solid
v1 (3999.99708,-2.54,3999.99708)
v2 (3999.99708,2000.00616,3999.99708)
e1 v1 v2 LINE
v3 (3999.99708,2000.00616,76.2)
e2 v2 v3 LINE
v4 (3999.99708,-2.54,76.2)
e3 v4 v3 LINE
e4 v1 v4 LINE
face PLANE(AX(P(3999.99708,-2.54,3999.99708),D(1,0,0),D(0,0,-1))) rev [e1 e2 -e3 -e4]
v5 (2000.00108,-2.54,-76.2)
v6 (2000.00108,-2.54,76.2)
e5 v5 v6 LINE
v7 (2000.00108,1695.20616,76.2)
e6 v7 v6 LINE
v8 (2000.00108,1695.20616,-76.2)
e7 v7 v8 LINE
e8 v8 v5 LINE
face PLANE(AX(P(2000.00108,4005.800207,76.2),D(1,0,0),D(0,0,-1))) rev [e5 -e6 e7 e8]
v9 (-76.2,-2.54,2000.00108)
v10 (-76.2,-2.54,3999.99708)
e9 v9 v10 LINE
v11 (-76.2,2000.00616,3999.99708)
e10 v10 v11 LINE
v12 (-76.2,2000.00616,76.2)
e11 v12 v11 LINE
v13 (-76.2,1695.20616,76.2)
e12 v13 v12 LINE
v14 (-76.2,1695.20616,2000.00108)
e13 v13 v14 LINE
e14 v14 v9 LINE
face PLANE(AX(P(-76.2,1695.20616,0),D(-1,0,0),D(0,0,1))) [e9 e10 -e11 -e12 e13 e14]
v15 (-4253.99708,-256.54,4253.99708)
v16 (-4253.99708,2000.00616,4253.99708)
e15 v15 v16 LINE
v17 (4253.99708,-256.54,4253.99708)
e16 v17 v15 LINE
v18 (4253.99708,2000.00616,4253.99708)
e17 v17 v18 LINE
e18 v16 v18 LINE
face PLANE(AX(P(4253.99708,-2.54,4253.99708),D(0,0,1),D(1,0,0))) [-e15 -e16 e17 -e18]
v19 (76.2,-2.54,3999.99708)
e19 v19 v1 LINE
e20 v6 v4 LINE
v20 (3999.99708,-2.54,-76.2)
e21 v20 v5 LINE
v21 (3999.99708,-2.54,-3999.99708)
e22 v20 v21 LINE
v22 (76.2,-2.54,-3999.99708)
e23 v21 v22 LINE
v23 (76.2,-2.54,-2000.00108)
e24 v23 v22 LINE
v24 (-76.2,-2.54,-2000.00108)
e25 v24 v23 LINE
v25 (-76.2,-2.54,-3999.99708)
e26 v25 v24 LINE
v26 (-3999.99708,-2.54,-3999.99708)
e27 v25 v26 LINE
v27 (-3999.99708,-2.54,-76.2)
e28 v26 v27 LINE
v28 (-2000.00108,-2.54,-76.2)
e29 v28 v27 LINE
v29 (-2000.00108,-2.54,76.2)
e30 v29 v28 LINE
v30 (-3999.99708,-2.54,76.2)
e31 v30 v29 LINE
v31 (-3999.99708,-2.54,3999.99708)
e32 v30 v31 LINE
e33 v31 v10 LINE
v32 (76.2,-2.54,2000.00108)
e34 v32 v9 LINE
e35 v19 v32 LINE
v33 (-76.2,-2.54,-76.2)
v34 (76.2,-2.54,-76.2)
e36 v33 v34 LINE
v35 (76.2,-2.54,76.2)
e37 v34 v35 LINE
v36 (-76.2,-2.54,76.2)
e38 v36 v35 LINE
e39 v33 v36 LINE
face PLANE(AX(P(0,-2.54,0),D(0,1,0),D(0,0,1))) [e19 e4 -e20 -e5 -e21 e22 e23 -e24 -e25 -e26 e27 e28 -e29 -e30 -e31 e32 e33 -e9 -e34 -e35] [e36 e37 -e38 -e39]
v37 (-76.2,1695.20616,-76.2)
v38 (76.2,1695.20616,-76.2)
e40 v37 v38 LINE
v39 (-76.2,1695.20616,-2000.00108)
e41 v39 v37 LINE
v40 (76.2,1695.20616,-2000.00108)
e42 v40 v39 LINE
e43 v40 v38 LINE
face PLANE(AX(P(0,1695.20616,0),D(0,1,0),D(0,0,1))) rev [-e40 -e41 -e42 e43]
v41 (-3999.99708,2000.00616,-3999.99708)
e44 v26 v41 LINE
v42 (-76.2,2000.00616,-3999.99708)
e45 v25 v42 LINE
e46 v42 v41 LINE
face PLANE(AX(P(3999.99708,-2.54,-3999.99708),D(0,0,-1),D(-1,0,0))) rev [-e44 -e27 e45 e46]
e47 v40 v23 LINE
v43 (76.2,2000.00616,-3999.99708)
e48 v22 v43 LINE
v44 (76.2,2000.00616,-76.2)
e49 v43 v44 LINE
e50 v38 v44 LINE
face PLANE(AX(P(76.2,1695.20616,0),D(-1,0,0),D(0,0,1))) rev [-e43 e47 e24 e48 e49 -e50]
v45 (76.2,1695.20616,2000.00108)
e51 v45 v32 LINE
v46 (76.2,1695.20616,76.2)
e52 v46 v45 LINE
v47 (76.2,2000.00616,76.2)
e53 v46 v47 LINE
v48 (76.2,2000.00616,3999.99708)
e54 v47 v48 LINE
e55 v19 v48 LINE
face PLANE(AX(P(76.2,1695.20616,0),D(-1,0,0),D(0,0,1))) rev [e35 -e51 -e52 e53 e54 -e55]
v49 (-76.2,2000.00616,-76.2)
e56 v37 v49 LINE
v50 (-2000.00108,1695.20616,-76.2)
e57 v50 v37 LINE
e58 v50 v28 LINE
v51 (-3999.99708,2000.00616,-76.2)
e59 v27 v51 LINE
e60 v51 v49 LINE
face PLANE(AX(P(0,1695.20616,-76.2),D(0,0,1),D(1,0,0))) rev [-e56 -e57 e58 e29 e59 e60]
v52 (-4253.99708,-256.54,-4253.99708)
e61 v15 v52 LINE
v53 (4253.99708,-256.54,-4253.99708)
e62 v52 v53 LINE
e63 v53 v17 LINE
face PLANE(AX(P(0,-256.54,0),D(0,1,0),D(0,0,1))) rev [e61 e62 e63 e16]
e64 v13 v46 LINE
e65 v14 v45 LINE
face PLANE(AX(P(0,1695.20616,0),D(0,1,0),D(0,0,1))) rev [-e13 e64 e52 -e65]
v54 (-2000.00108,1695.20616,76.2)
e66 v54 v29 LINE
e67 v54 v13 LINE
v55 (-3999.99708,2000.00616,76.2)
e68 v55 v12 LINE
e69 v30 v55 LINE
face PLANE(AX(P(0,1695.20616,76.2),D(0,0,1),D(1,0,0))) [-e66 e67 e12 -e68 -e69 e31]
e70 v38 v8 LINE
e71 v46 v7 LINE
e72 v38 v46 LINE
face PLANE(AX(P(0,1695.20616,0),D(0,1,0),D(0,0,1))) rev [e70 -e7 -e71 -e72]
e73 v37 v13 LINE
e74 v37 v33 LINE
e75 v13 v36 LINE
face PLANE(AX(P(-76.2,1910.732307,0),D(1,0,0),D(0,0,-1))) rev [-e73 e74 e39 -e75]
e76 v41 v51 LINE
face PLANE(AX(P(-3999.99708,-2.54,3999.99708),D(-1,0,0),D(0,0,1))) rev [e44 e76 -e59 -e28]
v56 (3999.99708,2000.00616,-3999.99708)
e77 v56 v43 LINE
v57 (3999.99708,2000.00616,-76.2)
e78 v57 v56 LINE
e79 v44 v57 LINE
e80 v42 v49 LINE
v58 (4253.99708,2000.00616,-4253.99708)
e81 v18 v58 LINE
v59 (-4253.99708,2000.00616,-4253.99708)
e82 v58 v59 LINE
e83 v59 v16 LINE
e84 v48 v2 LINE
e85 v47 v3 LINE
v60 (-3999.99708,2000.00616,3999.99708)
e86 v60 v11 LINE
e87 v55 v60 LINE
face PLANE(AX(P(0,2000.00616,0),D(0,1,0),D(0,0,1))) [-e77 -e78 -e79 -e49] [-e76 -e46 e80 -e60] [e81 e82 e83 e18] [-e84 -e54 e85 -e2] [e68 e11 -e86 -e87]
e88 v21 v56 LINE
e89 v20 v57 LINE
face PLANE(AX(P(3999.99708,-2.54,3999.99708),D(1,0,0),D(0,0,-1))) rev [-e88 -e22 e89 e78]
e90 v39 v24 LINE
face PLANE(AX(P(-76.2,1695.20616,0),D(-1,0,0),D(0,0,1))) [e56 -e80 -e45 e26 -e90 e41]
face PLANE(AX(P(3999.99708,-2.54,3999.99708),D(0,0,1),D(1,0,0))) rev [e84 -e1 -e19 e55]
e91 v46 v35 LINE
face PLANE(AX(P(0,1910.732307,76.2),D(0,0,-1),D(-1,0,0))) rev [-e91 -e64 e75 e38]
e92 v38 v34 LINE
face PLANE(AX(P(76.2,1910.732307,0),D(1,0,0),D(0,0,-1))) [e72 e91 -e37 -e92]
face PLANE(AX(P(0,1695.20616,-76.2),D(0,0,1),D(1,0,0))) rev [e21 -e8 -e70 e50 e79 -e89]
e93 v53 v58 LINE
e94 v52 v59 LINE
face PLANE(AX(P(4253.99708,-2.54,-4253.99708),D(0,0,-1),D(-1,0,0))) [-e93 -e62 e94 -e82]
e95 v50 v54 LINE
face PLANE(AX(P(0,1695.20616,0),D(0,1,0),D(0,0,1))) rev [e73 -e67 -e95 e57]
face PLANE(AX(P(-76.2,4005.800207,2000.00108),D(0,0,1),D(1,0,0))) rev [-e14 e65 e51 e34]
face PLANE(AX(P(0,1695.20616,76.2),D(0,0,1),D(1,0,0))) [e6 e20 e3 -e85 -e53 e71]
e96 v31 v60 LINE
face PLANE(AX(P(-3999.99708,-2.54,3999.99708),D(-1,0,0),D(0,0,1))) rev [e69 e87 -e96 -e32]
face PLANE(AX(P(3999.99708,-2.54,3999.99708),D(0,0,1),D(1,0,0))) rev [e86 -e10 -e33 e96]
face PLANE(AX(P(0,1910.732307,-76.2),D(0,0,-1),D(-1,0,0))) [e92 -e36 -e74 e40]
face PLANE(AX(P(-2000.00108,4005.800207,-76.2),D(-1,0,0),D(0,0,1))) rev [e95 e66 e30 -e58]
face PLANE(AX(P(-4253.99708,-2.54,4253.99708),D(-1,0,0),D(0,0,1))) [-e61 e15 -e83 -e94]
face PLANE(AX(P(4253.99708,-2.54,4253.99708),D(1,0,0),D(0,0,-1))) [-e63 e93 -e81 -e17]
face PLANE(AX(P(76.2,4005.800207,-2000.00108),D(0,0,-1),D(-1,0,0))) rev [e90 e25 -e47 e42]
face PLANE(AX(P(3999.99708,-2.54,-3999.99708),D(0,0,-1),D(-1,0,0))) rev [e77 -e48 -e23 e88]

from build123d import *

# Parameters (mm, degrees)
BOSS_EXTRUDE1_DEPTH      = 2000.00616
BOSS_EXTRUDE1_DEPTH_BACK = 2.54
SKETCH2_W                = 8507.99416
SKETCH2_H                = 8507.99416
SKETCH2_W_2              = 7999.99416
SKETCH2_H_2              = 7999.99416
SKETCH4_W                = 8507.99416
SKETCH4_H                = 8507.99416
BOSS_EXTRUDE2_DEPTH      = 254
SKETCH8_W                = 3923.79708
SKETCH8_H                = 76.2
SKETCH8_W_2              = 76.2
SKETCH8_H_2              = 3923.79708
BOSS_EXTRUDE3_DEPTH      = 304.8
SKETCH12_W               = 152.4
SKETCH12_H               = 152.4
BOSS_EXTRUDE5_DEPTH      = 1697.74616
SKETCH14_W               = 1999.996
SKETCH14_H               = 152.4
SKETCH14_W_2             = 152.4
SKETCH14_H_2             = 1999.996
BOSS_EXTRUDE6_DEPTH      = 1697.74616


with BuildPart() as part:
    # Sketch2 → Boss-Extrude1 (new, two sides: drawn at the far end of the back side and taken through both)
    with BuildSketch(Plane(origin=(0, 0, 0), x_dir=(1, 0, 0), z_dir=(0, 1, 0)).offset(-BOSS_EXTRUDE1_DEPTH_BACK)):
        Rectangle(SKETCH2_W, SKETCH2_H)
        Rectangle(SKETCH2_W_2, SKETCH2_H_2, mode=Mode.SUBTRACT)
    extrude(amount=BOSS_EXTRUDE1_DEPTH + BOSS_EXTRUDE1_DEPTH_BACK)

    # Sketch4 → Boss-Extrude2 (add)
    with BuildSketch(Plane.XZ.offset(2.54)):
        Rectangle(SKETCH4_W, SKETCH4_H)
    extrude(amount=BOSS_EXTRUDE2_DEPTH)


with BuildPart() as body_2:
    # Sketch8 → Boss-Extrude3 (new body)
    with BuildSketch(Plane(origin=(0, 2000.00616, 0), x_dir=(1, 0, 0), z_dir=(0, 1, 0))):
        with Locations((-2038.09854, 38.1)):
            Rectangle(SKETCH8_W, SKETCH8_H)
        with Locations((-2038.09854, -38.1)):
            Rectangle(SKETCH8_W, SKETCH8_H)
        with Locations((-38.1, -38.1)):
            Rectangle(SKETCH8_W_2, SKETCH8_H)
        with Locations((-38.1, 2038.09854)):
            Rectangle(SKETCH8_W_2, SKETCH8_H_2)
        with Locations((38.1, 2038.09854)):
            Rectangle(SKETCH8_W_2, SKETCH8_H_2)
        with Locations((2038.09854, 38.1)):
            Rectangle(SKETCH8_W, SKETCH8_H)
        with Locations((2038.09854, -38.1)):
            Rectangle(SKETCH8_W, SKETCH8_H)
        with Locations((38.1, -2038.09854)):
            Rectangle(SKETCH8_W_2, SKETCH8_H_2)
        with Locations((-38.1, -2038.09854)):
            Rectangle(SKETCH8_W_2, SKETCH8_H_2)
        with Locations((38.1, -38.1)):
            Rectangle(SKETCH8_W_2, SKETCH8_H)
        with Locations((38.1, 38.1)):
            Rectangle(SKETCH8_W_2, SKETCH8_H)
        with Locations((-38.1, 38.1)):
            Rectangle(SKETCH8_W_2, SKETCH8_H)
    extrude(amount=-BOSS_EXTRUDE3_DEPTH)

    # Combine1: union part
    add(part.part)

    # Sketch12 → Boss-Extrude5 (add)
    with BuildSketch(Plane(origin=(0, -2.54, 0), x_dir=(1, 0, 0), z_dir=(0, 1, 0))):
        Rectangle(SKETCH12_W, SKETCH12_H)
    extrude(amount=BOSS_EXTRUDE5_DEPTH)

    # Sketch14 → Boss-Extrude6 (add)
    with BuildSketch(Plane(origin=(0, -2.54, 0), x_dir=(1, 0, 0), z_dir=(0, 1, 0))):
        with Locations((-2999.99908, 0)):
            Rectangle(SKETCH14_W, SKETCH14_H)
        with Locations((0, 2999.99908)):
            Rectangle(SKETCH14_W_2, SKETCH14_H_2)
        with Locations((2999.99908, 0)):
            Rectangle(SKETCH14_W, SKETCH14_H)
        with Locations((0, -2999.99908)):
            Rectangle(SKETCH14_W_2, SKETCH14_H_2)
    extrude(amount=BOSS_EXTRUDE6_DEPTH)


solid = body_2.part
